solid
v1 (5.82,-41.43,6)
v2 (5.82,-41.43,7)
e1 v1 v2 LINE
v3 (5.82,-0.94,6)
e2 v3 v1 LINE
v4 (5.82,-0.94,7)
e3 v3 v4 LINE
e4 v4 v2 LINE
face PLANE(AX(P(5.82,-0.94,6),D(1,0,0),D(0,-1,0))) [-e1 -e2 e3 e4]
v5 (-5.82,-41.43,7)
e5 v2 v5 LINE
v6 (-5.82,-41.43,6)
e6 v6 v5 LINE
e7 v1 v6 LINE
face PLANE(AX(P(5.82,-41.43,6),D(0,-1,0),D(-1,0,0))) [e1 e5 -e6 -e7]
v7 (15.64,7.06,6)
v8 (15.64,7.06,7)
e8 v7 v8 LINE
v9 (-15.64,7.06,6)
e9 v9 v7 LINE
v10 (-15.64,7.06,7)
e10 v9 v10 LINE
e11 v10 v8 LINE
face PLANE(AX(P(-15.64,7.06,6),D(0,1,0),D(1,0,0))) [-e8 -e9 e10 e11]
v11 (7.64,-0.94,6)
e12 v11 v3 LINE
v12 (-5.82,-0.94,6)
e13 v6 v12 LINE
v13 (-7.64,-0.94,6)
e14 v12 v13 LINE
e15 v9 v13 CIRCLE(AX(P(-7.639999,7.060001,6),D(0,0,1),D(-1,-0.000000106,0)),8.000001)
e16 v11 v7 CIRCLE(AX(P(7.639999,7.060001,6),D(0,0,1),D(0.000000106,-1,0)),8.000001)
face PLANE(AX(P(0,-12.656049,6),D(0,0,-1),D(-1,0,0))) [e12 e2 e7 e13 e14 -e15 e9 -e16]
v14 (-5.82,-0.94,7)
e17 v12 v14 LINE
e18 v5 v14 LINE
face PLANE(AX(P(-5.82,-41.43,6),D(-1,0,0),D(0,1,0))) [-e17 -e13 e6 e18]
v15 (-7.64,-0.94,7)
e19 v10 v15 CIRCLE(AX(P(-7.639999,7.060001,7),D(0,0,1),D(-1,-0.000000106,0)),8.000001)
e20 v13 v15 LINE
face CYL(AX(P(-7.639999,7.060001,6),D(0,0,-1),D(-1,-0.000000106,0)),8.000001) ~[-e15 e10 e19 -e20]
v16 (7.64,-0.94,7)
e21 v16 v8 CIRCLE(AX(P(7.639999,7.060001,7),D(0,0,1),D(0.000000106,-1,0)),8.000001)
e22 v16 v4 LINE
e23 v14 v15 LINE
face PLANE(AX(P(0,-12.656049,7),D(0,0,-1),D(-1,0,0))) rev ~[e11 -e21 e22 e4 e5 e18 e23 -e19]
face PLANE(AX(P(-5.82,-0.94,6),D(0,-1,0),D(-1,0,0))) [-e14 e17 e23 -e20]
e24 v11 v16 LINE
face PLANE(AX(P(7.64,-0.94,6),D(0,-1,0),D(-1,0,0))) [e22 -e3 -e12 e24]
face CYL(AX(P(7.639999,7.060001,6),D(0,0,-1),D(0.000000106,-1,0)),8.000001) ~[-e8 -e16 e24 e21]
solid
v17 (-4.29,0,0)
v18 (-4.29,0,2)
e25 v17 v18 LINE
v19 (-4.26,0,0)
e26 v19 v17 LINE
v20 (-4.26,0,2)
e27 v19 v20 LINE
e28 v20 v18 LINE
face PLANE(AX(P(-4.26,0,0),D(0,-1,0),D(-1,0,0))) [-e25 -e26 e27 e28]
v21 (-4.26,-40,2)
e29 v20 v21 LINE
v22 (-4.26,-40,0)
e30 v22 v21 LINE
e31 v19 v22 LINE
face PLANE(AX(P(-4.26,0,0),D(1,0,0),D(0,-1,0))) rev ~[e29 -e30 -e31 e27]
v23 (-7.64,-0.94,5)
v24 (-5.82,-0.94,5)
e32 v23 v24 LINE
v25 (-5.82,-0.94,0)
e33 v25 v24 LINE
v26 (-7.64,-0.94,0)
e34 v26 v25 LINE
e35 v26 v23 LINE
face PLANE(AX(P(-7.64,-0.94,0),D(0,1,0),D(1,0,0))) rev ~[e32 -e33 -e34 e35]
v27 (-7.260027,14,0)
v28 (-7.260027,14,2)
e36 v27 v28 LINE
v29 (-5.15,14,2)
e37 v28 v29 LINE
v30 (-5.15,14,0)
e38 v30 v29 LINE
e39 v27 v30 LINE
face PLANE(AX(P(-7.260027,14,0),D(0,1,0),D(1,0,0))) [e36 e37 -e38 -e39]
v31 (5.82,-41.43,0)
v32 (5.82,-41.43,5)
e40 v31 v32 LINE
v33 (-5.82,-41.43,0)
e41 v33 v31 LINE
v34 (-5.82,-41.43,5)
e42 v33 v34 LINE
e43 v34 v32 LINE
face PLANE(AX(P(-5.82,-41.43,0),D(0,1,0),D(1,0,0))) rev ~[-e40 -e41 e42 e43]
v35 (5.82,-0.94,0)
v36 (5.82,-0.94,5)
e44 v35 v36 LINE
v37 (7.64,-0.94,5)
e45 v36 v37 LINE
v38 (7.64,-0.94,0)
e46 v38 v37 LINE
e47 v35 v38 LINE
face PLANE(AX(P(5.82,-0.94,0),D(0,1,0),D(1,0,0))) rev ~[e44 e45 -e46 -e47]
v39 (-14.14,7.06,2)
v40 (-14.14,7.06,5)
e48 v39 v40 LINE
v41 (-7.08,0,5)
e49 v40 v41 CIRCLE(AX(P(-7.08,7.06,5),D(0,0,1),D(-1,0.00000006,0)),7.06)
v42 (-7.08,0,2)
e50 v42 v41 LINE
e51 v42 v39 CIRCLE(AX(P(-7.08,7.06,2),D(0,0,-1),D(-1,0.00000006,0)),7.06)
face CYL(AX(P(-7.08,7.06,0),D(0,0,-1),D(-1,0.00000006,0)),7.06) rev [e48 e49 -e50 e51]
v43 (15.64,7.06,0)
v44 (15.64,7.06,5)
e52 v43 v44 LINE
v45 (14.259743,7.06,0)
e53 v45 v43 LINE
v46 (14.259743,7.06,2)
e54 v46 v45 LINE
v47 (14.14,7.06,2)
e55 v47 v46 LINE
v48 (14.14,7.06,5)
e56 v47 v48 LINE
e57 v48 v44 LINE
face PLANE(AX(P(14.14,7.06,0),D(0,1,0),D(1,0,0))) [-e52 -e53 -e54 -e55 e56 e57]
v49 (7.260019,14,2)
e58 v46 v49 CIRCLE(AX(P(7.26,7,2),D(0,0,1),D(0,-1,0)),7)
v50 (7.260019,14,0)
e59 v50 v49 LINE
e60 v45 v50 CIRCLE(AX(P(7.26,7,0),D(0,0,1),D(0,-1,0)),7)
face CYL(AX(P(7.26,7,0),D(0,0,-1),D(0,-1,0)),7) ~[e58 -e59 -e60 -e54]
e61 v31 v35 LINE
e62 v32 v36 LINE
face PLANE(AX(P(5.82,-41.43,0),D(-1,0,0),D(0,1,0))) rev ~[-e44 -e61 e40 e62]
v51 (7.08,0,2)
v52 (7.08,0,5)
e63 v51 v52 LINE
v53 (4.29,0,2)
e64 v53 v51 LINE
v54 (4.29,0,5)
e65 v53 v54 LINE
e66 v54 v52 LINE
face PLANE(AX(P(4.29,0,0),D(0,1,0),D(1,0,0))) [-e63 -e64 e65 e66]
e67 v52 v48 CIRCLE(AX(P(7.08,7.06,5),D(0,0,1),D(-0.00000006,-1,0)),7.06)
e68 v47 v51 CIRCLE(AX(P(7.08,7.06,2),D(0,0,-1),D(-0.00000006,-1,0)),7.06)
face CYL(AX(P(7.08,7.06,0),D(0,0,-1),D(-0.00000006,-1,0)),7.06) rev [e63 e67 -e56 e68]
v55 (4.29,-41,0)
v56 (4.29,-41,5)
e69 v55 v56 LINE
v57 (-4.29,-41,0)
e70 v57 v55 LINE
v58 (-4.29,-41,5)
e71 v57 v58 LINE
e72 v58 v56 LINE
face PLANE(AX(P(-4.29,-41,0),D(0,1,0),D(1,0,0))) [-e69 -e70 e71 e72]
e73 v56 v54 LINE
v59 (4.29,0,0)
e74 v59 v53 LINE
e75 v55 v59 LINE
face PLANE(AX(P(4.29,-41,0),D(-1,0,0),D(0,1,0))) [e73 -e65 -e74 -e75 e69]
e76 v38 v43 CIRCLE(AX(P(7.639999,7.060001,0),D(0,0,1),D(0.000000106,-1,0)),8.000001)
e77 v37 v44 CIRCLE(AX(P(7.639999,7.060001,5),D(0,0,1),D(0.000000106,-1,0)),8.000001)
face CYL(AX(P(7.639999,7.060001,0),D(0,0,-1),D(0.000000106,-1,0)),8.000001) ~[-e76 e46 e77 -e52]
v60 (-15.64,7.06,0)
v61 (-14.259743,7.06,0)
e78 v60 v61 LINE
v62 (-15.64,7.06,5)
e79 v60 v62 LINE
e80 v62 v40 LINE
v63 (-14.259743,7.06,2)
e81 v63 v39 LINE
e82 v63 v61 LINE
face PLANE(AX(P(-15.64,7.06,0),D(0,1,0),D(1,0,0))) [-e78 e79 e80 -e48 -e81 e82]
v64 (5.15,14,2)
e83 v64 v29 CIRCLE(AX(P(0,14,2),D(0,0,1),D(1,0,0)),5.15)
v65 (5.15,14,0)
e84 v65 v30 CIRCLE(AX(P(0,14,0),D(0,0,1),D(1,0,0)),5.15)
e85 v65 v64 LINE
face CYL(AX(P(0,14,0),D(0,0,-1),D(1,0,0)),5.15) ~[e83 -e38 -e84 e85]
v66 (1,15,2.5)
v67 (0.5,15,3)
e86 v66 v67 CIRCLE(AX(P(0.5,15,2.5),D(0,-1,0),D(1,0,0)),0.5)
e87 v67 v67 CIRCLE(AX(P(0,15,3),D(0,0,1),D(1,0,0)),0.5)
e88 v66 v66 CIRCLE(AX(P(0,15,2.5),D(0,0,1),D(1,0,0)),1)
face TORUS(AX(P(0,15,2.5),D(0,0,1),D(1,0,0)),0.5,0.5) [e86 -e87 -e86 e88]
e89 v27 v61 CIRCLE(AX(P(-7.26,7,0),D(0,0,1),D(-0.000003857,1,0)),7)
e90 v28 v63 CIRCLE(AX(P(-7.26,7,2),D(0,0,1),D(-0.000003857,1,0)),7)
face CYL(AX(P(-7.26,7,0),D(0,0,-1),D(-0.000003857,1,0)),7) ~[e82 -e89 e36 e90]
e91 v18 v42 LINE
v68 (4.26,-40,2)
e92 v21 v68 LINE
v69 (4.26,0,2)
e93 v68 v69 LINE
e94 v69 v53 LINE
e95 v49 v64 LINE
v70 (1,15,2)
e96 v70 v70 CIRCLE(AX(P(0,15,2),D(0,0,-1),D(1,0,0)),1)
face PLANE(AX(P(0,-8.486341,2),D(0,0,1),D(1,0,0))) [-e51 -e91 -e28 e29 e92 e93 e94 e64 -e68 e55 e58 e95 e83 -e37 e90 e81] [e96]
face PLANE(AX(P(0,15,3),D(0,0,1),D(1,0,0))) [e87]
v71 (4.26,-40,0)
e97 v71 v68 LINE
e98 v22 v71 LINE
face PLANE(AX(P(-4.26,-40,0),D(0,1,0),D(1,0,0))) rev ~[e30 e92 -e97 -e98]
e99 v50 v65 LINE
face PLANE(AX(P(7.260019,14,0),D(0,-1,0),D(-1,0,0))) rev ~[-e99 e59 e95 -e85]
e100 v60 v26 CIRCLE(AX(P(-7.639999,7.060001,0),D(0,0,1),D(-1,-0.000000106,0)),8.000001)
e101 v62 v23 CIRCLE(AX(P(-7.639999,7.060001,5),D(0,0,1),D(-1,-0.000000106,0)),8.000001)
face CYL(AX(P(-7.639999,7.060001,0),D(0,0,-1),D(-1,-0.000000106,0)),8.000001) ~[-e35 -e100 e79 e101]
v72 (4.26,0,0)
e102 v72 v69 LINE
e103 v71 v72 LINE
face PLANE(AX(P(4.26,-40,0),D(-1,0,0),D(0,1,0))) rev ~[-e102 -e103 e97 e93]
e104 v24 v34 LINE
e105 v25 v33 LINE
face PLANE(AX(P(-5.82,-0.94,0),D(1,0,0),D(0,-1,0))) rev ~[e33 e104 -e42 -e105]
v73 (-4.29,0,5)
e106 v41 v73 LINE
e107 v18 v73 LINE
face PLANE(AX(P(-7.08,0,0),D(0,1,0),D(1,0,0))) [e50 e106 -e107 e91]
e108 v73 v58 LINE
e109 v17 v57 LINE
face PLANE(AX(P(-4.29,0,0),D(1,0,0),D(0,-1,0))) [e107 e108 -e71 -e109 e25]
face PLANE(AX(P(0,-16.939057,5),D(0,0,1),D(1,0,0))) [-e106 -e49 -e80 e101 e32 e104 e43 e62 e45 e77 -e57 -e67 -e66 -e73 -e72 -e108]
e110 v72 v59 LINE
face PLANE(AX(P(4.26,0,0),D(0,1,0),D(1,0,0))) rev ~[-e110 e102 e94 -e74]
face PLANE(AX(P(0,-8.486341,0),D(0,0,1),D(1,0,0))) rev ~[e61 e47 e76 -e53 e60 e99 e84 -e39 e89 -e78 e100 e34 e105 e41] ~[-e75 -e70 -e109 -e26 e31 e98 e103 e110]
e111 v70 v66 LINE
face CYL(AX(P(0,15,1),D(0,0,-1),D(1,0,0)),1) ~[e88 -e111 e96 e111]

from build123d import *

# Parameters (mm, degrees)
PAD_DEPTH    = 5
PAD001_DEPTH = 2
SKETCH003_R  = 1
PAD003_DEPTH = 2
FILLET_R     = 0.5
PAD002_DEPTH = 1


with BuildPart() as body_key_holder_id_badge:
    # Sketch001 → Pad (new body)
    with BuildSketch(Plane.XY):
        with BuildLine():
            ThreePointArc((-15.64, 7.06), (-13.296854, 1.403146), (-7.64, -0.94))
            Line((-7.64, -0.94), (-5.82, -0.94))
            Line((-5.82, -0.94), (-5.82, -41.43))
            Line((-5.82, -41.43), (5.82, -41.43))
            Line((5.82, -41.43), (5.82, -0.94))
            Line((5.82, -0.94), (7.64, -0.94))
            ThreePointArc((7.64, -0.94), (13.296854, 1.403146), (15.64, 7.06))
            Line((14.14, 7.06), (15.64, 7.06))
            ThreePointArc((7.08, 0), (12.072174, 2.067826), (14.14, 7.06))
            Line((4.29, 0), (7.08, 0))
            Line((4.29, -41), (4.29, 0))
            Line((-4.29, -41), (4.29, -41))
            Line((-4.29, 0), (-4.29, -41))
            Line((-7.08, 0), (-4.29, 0))
            ThreePointArc((-14.14, 7.06), (-12.072174, 2.067826), (-7.08, 0))
            Line((-15.64, 7.06), (-14.14, 7.06))
        make_face()
    extrude(amount=PAD_DEPTH)

    # Sketch → Pad001 (join)
    with BuildSketch(Plane.XY):
        with BuildLine():
            Line((-4.26, 0), (-4.26, -40))
            Line((-4.26, -40), (4.26, -40))
            Line((4.26, -40), (4.26, 0))
            Line((4.26, 0), (7.26, 0))
            ThreePointArc((7.26, 0), (14.26, 6.99999), (7.260019, 14))
            Line((7.260019, 14), (5.15, 14))
            ThreePointArc((5.15, 14), (0, 19.15), (-5.15, 14))
            Line((-7.260027, 14), (-5.15, 14))
            ThreePointArc((-7.260027, 14), (-14.26, 6.999986), (-7.26, 0))
            Line((-4.26, 0), (-7.26, 0))
        make_face()
    extrude(amount=PAD001_DEPTH)

    # Sketch003 → Pad003 (join)
    with BuildSketch(Plane.XY.offset(1)):
        with Locations((0, 15)):
            Circle(SKETCH003_R)
    extrude(amount=PAD003_DEPTH)

    # Fillet
    fillet_edges = [body_key_holder_id_badge.edges().sort_by_distance(p)[0] for p in [
        (-1, 15, 3),
    ]]
    fillet(fillet_edges, radius=FILLET_R)


with BuildPart() as body_top:
    # Sketch005 → Pad002 (new body)
    with BuildSketch(Plane.XY.offset(6)):
        with BuildLine():
            Line((-15.64, 7.06), (15.64, 7.06))
            ThreePointArc((7.64, -0.94), (13.296854, 1.403146), (15.64, 7.06))
            Line((7.64, -0.94), (5.82, -0.94))
            Line((5.82, -0.94), (5.82, -41.43))
            Line((5.82, -41.43), (-5.82, -41.43))
            Line((-5.82, -41.43), (-5.82, -0.94))
            Line((-5.82, -0.94), (-7.64, -0.94))
            ThreePointArc((-15.64, 7.06), (-13.296854, 1.403146), (-7.64, -0.94))
        make_face()
    extrude(amount=PAD002_DEPTH)


solid = Compound([body_key_holder_id_badge.part, body_top.part])
